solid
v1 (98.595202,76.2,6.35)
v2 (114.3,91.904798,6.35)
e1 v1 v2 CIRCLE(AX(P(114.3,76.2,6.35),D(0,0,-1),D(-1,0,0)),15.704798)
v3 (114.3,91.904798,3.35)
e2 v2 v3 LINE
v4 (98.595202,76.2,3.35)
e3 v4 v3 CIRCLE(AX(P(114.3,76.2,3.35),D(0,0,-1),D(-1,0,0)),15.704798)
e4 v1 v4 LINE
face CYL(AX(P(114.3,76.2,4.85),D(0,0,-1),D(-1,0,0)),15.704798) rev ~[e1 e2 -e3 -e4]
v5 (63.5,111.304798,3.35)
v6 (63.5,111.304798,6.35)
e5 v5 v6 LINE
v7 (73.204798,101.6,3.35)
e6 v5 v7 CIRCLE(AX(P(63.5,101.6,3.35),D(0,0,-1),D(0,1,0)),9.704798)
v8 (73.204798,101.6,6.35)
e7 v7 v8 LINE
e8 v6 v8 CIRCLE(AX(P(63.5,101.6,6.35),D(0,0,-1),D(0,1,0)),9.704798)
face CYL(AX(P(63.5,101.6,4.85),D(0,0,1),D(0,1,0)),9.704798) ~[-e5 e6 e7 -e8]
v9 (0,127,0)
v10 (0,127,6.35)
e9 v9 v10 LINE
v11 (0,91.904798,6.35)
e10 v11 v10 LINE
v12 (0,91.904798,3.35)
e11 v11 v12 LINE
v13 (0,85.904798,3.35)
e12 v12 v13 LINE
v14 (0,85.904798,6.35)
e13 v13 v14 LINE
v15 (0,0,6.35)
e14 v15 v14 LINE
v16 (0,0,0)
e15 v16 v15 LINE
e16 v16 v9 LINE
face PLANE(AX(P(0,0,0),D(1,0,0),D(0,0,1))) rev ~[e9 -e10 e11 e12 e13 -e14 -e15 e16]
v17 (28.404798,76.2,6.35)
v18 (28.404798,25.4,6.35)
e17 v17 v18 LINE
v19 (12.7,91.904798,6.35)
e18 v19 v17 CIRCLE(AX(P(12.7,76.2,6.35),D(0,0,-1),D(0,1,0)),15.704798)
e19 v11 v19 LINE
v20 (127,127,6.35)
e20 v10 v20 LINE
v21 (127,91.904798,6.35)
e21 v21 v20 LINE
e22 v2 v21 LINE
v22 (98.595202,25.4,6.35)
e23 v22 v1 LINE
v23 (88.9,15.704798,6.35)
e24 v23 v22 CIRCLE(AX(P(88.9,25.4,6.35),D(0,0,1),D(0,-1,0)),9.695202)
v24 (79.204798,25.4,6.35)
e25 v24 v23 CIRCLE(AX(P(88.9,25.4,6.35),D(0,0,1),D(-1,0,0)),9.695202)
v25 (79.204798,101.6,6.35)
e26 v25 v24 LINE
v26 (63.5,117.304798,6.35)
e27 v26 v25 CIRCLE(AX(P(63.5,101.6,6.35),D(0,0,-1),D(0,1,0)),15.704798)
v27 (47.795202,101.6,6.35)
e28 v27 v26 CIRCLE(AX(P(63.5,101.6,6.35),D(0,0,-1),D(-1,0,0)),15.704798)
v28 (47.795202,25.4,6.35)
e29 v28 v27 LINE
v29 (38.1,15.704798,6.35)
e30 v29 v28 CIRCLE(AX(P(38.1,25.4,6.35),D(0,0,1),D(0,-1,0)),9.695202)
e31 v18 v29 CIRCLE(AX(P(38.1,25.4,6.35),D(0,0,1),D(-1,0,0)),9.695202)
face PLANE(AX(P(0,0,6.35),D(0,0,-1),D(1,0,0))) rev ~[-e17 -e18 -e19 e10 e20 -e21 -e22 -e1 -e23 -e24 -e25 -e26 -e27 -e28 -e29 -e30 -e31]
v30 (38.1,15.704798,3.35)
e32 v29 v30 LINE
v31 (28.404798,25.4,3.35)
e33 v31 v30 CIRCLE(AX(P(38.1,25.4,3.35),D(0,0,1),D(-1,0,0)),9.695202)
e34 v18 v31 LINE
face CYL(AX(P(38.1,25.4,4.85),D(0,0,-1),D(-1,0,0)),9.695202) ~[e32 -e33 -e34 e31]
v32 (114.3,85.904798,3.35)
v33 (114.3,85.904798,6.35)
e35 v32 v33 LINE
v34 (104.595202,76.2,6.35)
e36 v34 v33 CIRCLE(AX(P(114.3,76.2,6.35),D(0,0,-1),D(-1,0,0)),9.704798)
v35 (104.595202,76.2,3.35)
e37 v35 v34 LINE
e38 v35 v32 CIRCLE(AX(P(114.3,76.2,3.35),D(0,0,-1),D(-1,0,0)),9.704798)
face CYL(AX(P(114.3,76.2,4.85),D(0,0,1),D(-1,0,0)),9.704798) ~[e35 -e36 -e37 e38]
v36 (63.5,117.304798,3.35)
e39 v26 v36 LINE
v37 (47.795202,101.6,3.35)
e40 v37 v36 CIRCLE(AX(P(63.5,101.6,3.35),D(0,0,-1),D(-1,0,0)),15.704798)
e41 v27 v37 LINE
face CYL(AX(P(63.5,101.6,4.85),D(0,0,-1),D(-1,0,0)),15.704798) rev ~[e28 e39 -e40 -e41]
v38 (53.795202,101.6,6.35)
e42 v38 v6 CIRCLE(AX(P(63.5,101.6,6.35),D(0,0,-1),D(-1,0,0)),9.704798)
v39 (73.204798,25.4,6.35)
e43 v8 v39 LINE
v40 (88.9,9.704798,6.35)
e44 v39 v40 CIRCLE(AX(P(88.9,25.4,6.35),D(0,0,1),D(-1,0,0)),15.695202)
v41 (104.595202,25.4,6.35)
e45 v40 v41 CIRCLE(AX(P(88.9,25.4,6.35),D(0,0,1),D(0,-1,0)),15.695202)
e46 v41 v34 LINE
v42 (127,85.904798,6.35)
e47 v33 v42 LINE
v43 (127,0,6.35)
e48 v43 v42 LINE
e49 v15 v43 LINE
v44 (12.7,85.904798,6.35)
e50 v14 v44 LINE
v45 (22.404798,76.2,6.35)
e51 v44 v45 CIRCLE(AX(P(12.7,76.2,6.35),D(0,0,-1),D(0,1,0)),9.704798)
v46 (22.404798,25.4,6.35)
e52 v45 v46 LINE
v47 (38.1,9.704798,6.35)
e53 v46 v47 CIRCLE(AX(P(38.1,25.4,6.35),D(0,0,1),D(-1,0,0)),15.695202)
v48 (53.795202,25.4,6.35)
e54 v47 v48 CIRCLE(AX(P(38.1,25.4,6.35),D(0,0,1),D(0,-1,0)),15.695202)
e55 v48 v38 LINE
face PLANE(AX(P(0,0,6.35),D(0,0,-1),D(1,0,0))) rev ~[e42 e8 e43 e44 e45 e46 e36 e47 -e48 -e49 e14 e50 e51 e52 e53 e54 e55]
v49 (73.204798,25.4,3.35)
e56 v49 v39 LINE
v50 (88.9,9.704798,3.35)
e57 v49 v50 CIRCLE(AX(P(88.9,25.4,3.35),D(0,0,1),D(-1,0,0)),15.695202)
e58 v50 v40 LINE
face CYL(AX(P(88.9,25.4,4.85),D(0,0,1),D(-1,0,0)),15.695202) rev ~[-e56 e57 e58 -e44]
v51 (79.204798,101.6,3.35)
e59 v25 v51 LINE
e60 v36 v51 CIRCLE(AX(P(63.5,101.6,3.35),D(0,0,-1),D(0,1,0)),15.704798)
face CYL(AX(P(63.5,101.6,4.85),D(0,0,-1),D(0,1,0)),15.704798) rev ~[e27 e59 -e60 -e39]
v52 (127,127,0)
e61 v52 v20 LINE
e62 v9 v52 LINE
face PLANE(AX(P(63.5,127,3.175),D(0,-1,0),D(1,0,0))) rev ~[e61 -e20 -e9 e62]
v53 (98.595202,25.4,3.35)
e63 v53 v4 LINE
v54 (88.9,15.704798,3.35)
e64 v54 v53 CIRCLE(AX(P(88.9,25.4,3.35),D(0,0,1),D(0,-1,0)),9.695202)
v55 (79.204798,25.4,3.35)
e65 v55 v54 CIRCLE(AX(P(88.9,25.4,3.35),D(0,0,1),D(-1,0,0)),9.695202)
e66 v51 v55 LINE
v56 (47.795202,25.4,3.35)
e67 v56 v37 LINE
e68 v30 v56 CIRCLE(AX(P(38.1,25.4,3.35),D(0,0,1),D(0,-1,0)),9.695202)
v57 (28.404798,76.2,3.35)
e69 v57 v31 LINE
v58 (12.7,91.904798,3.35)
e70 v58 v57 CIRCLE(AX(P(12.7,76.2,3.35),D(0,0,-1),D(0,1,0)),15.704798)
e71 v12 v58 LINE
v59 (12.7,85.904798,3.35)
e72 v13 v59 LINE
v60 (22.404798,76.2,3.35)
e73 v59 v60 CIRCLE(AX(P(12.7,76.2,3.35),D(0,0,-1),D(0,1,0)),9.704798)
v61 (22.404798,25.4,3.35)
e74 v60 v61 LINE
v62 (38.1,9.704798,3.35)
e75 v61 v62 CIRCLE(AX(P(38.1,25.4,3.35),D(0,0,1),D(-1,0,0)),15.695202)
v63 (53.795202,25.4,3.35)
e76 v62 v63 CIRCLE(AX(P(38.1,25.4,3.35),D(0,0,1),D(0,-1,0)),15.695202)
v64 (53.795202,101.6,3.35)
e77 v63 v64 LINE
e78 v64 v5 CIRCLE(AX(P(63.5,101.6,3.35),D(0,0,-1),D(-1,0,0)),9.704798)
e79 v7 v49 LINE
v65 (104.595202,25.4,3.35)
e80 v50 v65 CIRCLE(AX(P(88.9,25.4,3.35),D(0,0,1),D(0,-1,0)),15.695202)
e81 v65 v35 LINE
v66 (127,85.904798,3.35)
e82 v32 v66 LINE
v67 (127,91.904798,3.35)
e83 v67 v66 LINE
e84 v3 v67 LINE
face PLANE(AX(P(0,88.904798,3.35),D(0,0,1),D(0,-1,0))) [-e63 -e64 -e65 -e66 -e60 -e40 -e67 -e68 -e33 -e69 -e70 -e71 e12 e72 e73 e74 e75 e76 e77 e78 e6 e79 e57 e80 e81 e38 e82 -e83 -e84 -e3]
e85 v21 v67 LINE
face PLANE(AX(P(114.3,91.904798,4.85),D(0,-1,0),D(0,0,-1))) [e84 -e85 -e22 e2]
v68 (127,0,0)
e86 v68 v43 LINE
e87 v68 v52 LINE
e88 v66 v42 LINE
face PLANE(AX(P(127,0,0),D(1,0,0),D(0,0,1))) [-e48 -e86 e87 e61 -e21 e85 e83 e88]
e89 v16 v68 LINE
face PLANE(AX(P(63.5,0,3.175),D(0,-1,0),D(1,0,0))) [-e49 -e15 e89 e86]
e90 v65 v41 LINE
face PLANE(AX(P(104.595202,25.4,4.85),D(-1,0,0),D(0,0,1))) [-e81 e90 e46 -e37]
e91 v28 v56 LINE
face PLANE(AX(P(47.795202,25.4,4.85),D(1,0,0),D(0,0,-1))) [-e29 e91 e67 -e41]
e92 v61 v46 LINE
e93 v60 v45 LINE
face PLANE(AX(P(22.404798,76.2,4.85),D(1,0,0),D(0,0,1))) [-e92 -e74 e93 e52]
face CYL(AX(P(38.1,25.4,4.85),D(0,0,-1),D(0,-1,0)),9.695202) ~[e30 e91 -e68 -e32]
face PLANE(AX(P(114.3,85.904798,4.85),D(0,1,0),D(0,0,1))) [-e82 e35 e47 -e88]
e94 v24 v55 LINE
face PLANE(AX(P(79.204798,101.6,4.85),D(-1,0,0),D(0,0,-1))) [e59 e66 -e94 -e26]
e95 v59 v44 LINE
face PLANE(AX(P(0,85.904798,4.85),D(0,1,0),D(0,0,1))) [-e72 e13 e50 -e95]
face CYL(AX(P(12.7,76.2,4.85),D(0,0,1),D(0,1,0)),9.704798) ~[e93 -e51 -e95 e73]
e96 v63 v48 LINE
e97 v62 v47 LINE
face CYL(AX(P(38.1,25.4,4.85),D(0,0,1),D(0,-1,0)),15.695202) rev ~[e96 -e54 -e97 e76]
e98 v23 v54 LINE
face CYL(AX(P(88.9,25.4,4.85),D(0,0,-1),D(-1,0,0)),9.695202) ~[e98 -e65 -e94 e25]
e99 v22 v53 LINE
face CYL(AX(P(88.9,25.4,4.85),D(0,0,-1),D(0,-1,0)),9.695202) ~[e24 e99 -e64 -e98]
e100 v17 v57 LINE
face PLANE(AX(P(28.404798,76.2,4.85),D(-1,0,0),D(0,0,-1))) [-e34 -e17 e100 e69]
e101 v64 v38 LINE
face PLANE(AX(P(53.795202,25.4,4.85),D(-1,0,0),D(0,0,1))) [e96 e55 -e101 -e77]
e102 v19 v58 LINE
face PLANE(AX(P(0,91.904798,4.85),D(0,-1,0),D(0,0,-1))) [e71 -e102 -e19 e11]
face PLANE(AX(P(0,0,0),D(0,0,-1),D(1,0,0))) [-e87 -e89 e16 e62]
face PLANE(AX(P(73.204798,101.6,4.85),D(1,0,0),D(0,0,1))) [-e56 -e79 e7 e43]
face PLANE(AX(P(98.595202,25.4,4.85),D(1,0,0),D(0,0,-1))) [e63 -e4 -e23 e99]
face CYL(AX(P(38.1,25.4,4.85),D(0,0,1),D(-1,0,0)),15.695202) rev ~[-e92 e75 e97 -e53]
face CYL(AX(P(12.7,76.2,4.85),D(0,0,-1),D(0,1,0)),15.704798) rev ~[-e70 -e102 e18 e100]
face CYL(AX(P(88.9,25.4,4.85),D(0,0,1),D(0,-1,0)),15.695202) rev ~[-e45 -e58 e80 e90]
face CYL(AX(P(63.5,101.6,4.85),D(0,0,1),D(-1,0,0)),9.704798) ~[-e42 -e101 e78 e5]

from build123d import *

# Parameters (mm, degrees)
F0_W     = 127
F0_H     = 6.35
F1_DEPTH = 127
F3_W     = 6
F3_H     = 3


with BuildPart() as f1:
    # F0 (on Front) → F1 (new body)
    with BuildSketch(Plane.XZ):
        with Locations((63.5, 3.175)):
            Rectangle(F0_W, F0_H)
    extrude(amount=-F1_DEPTH)

    # F4: sweep along a path in F2
    with BuildLine(Plane.XY.offset(6.35)) as f4_path:
        Line((0, 88.9), (12.7, 88.9))
        ThreePointArc((12.7, 88.9), (21.6802561211, 85.1802561211), (25.4, 76.2))
        Line((25.4, 76.2), (25.4, 25.4))
        ThreePointArc((25.4, 25.4), (29.1197438789, 16.4197438789), (38.1, 12.7))
        ThreePointArc((38.1, 12.7), (47.0802561211, 16.4197438789), (50.8, 25.4))
        Line((50.8, 25.4), (50.8, 76.2))
        Line((50.8, 76.2), (50.8, 101.6))
        ThreePointArc((50.8, 101.6), (54.5197438789, 110.5802561211), (63.5, 114.3))
        ThreePointArc((63.5, 114.3), (72.4802561211, 110.5802561211), (76.2, 101.6))
        Line((76.2, 101.6), (76.2, 76.2))
        Line((76.2, 76.2), (76.2, 25.4))
        ThreePointArc((76.2, 25.4), (79.9197438789, 16.4197438789), (88.9, 12.7))
        ThreePointArc((88.9, 12.7), (97.8802561211, 16.4197438789), (101.6, 25.4))
        Line((101.6, 25.4), (101.6, 76.2))
        ThreePointArc((101.6, 76.2), (105.3197438789, 85.1802561211), (114.3, 88.9))
        Line((114.3, 88.9), (127, 88.9))
    # F3 (on face) → F4 (sweep, cut)
    with BuildSketch(Plane(origin=(0, 0, 0), x_dir=(0, -1, 0), z_dir=(-1, 0, 0))):
        with Locations((-88.9047980309, 4.85)):
            Rectangle(F3_W, F3_H)
    sweep(path=f4_path.line, mode=Mode.SUBTRACT)


solid = f1.part
